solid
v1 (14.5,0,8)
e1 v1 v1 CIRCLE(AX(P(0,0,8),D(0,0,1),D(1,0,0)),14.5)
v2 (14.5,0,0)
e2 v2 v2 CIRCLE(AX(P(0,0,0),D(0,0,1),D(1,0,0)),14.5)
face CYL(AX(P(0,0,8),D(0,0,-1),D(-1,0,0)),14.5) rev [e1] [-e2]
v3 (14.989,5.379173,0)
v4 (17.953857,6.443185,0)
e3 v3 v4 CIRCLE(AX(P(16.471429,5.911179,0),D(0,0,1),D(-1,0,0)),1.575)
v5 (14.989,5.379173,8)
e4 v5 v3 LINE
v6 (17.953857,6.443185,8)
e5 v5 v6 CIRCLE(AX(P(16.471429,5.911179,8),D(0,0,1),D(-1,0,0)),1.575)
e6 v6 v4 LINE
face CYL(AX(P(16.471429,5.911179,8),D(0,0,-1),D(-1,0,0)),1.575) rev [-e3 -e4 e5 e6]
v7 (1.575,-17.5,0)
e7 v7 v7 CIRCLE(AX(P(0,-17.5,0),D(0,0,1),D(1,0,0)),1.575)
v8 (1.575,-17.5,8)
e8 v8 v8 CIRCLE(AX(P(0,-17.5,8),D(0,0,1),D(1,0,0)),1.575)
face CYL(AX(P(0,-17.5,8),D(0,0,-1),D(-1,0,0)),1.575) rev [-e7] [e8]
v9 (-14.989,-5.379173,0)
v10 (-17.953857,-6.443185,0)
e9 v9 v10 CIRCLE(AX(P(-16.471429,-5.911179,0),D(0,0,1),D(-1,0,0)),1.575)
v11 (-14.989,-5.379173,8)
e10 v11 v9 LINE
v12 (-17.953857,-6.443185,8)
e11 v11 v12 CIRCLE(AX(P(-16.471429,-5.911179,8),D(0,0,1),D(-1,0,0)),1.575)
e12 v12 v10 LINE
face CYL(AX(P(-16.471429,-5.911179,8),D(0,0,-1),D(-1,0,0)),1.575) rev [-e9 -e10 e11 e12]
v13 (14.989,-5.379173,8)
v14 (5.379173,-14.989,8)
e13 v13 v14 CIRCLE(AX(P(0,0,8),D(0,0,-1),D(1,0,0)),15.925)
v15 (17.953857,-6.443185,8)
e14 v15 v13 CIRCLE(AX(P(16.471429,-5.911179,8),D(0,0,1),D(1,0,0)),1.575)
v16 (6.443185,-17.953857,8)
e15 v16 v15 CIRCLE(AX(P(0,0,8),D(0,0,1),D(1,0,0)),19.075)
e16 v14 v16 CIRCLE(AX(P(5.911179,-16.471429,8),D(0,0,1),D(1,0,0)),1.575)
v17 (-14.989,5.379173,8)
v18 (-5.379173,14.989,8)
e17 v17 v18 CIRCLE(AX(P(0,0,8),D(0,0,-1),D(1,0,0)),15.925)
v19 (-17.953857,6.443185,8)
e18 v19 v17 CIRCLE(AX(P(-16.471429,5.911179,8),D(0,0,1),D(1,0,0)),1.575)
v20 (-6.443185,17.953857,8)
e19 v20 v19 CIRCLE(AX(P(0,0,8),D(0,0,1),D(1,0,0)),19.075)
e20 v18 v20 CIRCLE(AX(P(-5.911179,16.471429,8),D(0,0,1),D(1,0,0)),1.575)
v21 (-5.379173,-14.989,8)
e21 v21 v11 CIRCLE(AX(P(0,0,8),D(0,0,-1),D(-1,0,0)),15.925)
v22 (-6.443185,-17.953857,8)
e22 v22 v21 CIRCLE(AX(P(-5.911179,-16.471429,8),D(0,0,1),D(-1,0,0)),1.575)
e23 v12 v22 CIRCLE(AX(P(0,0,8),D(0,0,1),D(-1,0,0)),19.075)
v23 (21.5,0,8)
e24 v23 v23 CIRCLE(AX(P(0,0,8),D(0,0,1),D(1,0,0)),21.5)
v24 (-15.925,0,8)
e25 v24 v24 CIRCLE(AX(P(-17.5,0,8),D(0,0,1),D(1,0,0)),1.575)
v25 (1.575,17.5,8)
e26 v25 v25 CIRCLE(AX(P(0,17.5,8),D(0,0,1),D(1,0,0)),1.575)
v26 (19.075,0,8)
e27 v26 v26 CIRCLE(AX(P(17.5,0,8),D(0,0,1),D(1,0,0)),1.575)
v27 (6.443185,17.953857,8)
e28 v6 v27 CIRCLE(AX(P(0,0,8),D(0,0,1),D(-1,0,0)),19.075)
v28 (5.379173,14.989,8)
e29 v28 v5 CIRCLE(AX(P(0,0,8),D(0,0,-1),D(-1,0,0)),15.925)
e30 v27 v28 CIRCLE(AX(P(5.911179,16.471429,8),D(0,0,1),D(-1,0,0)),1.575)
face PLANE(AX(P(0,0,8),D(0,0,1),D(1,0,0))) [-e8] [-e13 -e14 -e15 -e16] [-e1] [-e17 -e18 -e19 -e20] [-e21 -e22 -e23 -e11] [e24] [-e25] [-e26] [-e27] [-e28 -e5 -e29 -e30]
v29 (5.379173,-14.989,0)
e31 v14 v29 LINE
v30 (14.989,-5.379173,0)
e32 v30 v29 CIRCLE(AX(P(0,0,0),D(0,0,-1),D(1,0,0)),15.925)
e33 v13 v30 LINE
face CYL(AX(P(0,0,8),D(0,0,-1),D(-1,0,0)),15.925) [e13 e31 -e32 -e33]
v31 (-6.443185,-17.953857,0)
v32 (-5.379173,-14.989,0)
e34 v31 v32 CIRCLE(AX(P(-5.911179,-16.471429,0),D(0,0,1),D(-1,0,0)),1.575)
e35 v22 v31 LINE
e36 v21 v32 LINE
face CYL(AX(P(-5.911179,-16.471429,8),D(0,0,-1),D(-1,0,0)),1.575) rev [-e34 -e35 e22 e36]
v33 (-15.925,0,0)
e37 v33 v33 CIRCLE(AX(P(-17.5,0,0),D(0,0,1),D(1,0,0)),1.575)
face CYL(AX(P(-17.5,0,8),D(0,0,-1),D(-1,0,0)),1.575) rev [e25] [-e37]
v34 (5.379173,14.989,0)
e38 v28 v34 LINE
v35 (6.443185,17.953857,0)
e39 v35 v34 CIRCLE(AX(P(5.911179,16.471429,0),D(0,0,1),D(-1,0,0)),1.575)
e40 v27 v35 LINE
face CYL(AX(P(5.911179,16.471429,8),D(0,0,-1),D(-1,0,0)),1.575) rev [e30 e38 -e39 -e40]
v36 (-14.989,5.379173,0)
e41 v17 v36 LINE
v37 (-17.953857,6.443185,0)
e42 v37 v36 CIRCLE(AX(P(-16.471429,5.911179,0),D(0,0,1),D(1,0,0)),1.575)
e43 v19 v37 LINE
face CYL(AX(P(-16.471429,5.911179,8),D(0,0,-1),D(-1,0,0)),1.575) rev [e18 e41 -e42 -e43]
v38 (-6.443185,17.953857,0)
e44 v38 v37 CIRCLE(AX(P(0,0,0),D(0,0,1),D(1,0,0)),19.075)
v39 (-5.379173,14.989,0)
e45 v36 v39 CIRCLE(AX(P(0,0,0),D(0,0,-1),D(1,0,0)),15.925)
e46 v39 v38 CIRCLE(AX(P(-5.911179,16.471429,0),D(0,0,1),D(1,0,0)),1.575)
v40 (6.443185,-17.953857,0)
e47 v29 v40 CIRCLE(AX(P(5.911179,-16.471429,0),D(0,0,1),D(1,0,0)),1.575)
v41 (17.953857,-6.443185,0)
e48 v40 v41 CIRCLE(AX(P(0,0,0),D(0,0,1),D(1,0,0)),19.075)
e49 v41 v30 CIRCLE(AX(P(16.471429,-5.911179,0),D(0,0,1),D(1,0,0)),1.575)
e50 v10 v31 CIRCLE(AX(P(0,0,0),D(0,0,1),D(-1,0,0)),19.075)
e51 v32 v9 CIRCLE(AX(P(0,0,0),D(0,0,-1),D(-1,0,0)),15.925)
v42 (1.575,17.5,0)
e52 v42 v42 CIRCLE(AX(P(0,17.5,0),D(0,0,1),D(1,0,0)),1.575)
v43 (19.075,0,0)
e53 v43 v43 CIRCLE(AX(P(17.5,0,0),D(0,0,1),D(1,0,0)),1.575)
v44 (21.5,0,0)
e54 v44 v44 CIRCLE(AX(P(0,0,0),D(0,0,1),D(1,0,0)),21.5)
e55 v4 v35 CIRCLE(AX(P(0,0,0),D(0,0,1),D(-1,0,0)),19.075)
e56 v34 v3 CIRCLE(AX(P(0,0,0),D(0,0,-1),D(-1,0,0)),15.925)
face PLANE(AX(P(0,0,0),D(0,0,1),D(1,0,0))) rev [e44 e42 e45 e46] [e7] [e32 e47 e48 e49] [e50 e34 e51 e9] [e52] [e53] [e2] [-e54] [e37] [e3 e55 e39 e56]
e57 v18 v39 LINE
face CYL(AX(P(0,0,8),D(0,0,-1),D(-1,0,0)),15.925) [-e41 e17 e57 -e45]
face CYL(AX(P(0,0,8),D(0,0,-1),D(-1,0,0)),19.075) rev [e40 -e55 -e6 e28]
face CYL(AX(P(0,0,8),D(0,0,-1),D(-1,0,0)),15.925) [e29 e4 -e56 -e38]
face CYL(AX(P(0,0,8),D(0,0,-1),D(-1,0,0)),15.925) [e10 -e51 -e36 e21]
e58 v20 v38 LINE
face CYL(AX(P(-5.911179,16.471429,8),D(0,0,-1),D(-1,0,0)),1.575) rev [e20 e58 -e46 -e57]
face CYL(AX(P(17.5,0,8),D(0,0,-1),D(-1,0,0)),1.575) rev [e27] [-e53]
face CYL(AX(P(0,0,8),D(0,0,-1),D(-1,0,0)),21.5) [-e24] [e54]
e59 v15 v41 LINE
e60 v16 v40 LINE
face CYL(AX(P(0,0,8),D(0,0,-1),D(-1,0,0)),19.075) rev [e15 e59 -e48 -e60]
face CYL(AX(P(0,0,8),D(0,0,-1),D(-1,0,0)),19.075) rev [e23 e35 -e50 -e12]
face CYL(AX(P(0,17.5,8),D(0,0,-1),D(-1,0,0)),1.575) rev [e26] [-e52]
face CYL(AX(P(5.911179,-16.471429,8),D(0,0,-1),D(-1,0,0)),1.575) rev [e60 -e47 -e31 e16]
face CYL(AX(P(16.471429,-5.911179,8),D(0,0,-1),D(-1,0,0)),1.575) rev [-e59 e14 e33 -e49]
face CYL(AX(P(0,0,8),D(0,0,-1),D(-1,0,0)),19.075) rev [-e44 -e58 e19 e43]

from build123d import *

# Parameters (mm, degrees)
SKETCH_1_R      = 21.5
SKETCH_1_R_2    = 14.5
SKETCH_1_R_3    = 1.575
EXTRUDE_1_DEPTH = 8


with BuildPart() as part:
    # 草图1 → 凸台-拉伸1 (new body)
    with BuildSketch(Plane.XY):
        Circle(SKETCH_1_R)
        Circle(SKETCH_1_R_2, mode=Mode.SUBTRACT)
        with Locations((0, 17.5)):
            Circle(SKETCH_1_R_3, mode=Mode.SUBTRACT)
        with Locations((17.5, 0)):
            Circle(SKETCH_1_R_3, mode=Mode.SUBTRACT)
        with Locations((0, -17.5)):
            Circle(SKETCH_1_R_3, mode=Mode.SUBTRACT)
        with Locations((-17.5, 0)):
            Circle(SKETCH_1_R_3, mode=Mode.SUBTRACT)
        with BuildLine():
            ThreePointArc((-5.379173171, 14.989), (-4.428750737, 17.003434709), (-6.443185446, 17.953857143))
            ThreePointArc((-6.443185446, 17.953857143), (-13.488061851, 13.488061851), (-17.953857143, 6.443185446))
            ThreePointArc((-17.953857143, 6.443185446), (-17.003434709, 4.428750737), (-14.989, 5.379173171))
            ThreePointArc((-14.989, 5.379173171), (-11.26067549, 11.26067549), (-5.379173171, 14.989))
        make_face(mode=Mode.SUBTRACT)
        with BuildLine():
            ThreePointArc((5.379173171, 14.989), (11.26067549, 11.26067549), (14.989, 5.379173171))
            ThreePointArc((14.989, 5.379173171), (17.003434709, 4.428750737), (17.953857143, 6.443185446))
            ThreePointArc((17.953857143, 6.443185446), (13.488061851, 13.488061851), (6.443185446, 17.953857143))
            ThreePointArc((6.443185446, 17.953857143), (4.428750737, 17.003434709), (5.379173171, 14.989))
        make_face(mode=Mode.SUBTRACT)
        with BuildLine():
            ThreePointArc((5.379173171, -14.989), (4.428750737, -17.003434709), (6.443185446, -17.953857143))
            ThreePointArc((6.443185446, -17.953857143), (13.488061851, -13.488061851), (17.953857143, -6.443185446))
            ThreePointArc((17.953857143, -6.443185446), (17.003434709, -4.428750737), (14.989, -5.379173171))
            ThreePointArc((14.989, -5.379173171), (11.26067549, -11.26067549), (5.379173171, -14.989))
        make_face(mode=Mode.SUBTRACT)
        with BuildLine():
            ThreePointArc((-5.379173171, -14.989), (-11.26067549, -11.26067549), (-14.989, -5.379173171))
            ThreePointArc((-14.989, -5.379173171), (-17.003434709, -4.428750737), (-17.953857143, -6.443185446))
            ThreePointArc((-17.953857143, -6.443185446), (-13.488061851, -13.488061851), (-6.443185446, -17.953857143))
            ThreePointArc((-6.443185446, -17.953857143), (-4.428750737, -17.003434709), (-5.379173171, -14.989))
        make_face(mode=Mode.SUBTRACT)
    extrude(amount=EXTRUDE_1_DEPTH)


solid = part.part
